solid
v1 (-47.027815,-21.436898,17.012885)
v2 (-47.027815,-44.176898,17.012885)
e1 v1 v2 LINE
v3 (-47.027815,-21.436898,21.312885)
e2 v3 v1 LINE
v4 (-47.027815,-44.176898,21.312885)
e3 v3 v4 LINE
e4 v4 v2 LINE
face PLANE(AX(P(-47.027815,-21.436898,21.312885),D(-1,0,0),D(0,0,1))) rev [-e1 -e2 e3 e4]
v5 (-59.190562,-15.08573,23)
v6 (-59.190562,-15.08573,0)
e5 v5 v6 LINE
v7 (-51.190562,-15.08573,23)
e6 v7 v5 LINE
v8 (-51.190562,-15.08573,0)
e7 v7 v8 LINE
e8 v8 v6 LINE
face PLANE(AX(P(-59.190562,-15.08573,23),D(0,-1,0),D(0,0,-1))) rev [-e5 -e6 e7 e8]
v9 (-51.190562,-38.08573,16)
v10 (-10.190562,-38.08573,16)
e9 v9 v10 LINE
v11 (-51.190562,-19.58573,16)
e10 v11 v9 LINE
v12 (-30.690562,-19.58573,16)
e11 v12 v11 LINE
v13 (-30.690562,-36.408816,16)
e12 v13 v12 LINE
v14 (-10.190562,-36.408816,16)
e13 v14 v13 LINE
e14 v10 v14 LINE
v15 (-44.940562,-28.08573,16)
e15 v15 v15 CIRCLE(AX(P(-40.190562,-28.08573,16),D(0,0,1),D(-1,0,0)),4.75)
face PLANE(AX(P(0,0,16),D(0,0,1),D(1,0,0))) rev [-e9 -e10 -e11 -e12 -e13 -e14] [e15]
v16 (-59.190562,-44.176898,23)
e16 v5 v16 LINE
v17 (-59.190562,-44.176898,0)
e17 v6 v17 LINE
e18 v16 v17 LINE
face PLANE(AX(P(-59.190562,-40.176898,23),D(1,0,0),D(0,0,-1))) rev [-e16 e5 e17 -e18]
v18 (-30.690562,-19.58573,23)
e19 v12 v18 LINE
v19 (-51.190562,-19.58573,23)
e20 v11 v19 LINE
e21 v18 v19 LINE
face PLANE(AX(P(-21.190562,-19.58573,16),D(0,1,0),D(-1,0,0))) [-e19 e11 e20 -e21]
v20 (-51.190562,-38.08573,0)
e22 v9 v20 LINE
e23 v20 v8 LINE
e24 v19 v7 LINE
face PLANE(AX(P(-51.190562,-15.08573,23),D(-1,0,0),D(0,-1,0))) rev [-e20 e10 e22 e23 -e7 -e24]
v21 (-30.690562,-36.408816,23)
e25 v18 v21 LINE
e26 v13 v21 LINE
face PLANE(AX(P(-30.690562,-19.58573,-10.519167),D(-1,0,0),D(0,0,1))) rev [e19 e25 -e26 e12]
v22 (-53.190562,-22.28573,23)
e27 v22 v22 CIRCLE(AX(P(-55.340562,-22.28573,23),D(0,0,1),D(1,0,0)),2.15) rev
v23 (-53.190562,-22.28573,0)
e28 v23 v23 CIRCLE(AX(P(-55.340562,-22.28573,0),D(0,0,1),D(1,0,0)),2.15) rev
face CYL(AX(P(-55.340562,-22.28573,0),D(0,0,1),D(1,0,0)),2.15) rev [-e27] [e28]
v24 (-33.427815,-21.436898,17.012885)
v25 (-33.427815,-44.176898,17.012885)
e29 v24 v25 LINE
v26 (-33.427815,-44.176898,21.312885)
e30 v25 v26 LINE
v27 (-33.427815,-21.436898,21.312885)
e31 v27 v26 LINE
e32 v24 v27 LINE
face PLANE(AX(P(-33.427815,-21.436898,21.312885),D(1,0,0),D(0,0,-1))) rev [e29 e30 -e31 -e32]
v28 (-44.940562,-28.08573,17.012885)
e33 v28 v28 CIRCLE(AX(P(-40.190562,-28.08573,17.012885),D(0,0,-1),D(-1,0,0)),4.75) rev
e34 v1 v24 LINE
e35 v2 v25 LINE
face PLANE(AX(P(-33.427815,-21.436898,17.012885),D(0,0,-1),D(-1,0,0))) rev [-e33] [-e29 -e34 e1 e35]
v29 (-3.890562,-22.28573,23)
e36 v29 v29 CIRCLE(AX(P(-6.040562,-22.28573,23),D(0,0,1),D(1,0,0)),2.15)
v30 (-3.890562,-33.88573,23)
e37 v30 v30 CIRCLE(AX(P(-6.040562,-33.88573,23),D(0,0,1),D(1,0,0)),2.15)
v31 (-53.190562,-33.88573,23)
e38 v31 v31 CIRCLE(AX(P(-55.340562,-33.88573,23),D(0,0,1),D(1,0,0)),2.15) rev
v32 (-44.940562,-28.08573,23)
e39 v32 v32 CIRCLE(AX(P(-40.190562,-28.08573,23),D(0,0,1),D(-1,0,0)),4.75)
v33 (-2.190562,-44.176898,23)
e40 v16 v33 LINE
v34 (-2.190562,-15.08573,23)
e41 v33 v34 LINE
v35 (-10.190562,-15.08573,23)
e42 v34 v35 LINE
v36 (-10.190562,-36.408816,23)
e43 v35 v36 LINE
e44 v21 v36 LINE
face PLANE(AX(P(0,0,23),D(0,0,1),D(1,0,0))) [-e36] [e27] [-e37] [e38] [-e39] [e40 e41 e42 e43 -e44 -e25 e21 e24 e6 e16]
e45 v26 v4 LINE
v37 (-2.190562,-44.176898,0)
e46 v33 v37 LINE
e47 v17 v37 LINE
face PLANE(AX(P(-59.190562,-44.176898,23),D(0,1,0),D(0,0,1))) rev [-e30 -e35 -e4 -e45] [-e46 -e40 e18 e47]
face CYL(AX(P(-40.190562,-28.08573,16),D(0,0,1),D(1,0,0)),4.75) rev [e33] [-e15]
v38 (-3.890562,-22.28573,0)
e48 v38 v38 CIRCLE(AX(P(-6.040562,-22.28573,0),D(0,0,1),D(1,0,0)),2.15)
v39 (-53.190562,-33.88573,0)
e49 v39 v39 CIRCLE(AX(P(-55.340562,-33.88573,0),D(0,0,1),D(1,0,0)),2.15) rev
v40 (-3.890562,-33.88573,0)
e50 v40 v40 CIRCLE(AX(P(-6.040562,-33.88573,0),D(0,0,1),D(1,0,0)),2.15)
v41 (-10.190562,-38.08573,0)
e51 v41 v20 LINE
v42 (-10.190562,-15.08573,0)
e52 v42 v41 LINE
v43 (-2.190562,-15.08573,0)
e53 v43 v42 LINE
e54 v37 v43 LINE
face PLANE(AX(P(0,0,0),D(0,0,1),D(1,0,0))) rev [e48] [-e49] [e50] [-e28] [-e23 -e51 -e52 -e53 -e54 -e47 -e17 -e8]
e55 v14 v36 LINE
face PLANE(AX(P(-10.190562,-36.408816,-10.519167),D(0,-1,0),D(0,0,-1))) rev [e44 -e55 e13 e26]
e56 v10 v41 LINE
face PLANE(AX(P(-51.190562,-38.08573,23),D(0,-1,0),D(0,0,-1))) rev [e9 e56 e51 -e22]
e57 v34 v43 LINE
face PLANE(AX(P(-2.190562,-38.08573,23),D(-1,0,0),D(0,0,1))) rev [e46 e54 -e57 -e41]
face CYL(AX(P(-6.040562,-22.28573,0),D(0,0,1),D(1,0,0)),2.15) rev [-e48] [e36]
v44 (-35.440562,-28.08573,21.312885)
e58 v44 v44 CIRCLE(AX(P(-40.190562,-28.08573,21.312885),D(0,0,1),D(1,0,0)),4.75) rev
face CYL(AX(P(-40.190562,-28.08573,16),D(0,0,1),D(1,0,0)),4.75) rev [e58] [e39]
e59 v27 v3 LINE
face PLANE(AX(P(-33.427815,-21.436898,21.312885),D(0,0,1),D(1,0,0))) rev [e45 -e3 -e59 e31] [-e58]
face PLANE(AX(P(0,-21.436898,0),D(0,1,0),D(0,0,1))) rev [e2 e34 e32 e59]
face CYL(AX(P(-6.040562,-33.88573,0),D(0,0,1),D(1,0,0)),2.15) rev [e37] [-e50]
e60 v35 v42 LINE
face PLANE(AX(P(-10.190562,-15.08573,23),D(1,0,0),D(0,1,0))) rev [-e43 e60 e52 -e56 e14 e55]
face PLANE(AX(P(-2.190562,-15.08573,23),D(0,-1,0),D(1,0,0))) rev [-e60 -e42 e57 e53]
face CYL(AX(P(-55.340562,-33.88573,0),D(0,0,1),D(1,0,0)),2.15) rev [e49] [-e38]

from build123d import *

# Parameters (mm, degrees)
EXTRUDE_1_DEPTH     = 23
SKETCH_5_R          = 2.7
SKETCH_5_R_2        = 4.75
EXTRUDE_6_DEPTH     = 7
SKETCH_6_R          = 2.15
CUT_EXTRUDE_2_DEPTH = 78.35709986
SKETCH_8_W          = 20.5
SKETCH_8_H          = 16.823085553
CUT_EXTRUDE_4_DEPTH = 7
SKETCH_14_W         = 13.6
SKETCH_14_H         = 4.3
CUT_EXTRUDE_7_DEPTH = 22.74


with BuildPart() as part:
    # Эскиз1 → Бобышка-Вытянуть1 (new body)
    with BuildSketch(Plane.XY):
        Polygon((-59.190561798, -40.176897727), (-59.190561798, -15.085730337), (-51.190561798, -15.085730337), (-51.190561798, -38.085730337), (-10.190561798, -38.085730337), (-10.190561798, -15.085730337), (-2.190561798, -15.085730337), (-2.190561798, -38.085730337), (-2.190561798, -44.176897727), (-59.190561798, -44.176897727), align=None)
    extrude(amount=EXTRUDE_1_DEPTH)

    # Эскиз5 → Бобышка-Вытянуть6 (add)
    with BuildSketch(Plane.XY.offset(23)):
        Polygon((-21.190561798, -19.58573034), (-51.190561798, -19.58573034), (-51.190561798, -34.983929743), (-51.190561798, -38.085730337), (-10.190561798, -38.085730337), (-10.190561798, -34.983929743), (-10.190561798, -19.58573034), align=None)
        with Locations((-21.190561798, -28.085730337)):
            Circle(SKETCH_5_R, mode=Mode.SUBTRACT)
        with Locations(Location((-40.190561798, -28.085730337, 0), (0, 0, 180))):
            Circle(SKETCH_5_R_2, mode=Mode.SUBTRACT)
    extrude(amount=-EXTRUDE_6_DEPTH)

    # Эскиз6 → Вырез-Вытянуть2 (cut, through all)
    with BuildSketch(Plane.XY.offset(23)):
        with Locations((-6.040561798, -33.885730337)):
            Circle(SKETCH_6_R)
        with Locations((-6.040561798, -22.285730337)):
            Circle(SKETCH_6_R)
        with Locations((-55.340561798, -33.885730337)):
            Circle(SKETCH_6_R)
        with Locations((-55.340561798, -22.285730337)):
            Circle(SKETCH_6_R)
    extrude(amount=-CUT_EXTRUDE_2_DEPTH, mode=Mode.SUBTRACT)

    # Эскиз8 → Вырез-Вытянуть4 (cut)
    with BuildSketch(Plane.XY.offset(23)):
        with Locations((-20.440561798, -27.997273117)):
            Rectangle(SKETCH_8_W, SKETCH_8_H)
    extrude(amount=-CUT_EXTRUDE_4_DEPTH, mode=Mode.SUBTRACT)

    # Эскиз14 → Вырез-Вытянуть7 (cut)
    with BuildSketch(Plane(origin=(0, -44.176897727, 0), x_dir=(-1, 0, 0), z_dir=(0, -1, 0))):
        with Locations((40.227814592, -19.162885498)):
            Rectangle(SKETCH_14_W, SKETCH_14_H)
    extrude(amount=-CUT_EXTRUDE_7_DEPTH, mode=Mode.SUBTRACT)


solid = part.part
